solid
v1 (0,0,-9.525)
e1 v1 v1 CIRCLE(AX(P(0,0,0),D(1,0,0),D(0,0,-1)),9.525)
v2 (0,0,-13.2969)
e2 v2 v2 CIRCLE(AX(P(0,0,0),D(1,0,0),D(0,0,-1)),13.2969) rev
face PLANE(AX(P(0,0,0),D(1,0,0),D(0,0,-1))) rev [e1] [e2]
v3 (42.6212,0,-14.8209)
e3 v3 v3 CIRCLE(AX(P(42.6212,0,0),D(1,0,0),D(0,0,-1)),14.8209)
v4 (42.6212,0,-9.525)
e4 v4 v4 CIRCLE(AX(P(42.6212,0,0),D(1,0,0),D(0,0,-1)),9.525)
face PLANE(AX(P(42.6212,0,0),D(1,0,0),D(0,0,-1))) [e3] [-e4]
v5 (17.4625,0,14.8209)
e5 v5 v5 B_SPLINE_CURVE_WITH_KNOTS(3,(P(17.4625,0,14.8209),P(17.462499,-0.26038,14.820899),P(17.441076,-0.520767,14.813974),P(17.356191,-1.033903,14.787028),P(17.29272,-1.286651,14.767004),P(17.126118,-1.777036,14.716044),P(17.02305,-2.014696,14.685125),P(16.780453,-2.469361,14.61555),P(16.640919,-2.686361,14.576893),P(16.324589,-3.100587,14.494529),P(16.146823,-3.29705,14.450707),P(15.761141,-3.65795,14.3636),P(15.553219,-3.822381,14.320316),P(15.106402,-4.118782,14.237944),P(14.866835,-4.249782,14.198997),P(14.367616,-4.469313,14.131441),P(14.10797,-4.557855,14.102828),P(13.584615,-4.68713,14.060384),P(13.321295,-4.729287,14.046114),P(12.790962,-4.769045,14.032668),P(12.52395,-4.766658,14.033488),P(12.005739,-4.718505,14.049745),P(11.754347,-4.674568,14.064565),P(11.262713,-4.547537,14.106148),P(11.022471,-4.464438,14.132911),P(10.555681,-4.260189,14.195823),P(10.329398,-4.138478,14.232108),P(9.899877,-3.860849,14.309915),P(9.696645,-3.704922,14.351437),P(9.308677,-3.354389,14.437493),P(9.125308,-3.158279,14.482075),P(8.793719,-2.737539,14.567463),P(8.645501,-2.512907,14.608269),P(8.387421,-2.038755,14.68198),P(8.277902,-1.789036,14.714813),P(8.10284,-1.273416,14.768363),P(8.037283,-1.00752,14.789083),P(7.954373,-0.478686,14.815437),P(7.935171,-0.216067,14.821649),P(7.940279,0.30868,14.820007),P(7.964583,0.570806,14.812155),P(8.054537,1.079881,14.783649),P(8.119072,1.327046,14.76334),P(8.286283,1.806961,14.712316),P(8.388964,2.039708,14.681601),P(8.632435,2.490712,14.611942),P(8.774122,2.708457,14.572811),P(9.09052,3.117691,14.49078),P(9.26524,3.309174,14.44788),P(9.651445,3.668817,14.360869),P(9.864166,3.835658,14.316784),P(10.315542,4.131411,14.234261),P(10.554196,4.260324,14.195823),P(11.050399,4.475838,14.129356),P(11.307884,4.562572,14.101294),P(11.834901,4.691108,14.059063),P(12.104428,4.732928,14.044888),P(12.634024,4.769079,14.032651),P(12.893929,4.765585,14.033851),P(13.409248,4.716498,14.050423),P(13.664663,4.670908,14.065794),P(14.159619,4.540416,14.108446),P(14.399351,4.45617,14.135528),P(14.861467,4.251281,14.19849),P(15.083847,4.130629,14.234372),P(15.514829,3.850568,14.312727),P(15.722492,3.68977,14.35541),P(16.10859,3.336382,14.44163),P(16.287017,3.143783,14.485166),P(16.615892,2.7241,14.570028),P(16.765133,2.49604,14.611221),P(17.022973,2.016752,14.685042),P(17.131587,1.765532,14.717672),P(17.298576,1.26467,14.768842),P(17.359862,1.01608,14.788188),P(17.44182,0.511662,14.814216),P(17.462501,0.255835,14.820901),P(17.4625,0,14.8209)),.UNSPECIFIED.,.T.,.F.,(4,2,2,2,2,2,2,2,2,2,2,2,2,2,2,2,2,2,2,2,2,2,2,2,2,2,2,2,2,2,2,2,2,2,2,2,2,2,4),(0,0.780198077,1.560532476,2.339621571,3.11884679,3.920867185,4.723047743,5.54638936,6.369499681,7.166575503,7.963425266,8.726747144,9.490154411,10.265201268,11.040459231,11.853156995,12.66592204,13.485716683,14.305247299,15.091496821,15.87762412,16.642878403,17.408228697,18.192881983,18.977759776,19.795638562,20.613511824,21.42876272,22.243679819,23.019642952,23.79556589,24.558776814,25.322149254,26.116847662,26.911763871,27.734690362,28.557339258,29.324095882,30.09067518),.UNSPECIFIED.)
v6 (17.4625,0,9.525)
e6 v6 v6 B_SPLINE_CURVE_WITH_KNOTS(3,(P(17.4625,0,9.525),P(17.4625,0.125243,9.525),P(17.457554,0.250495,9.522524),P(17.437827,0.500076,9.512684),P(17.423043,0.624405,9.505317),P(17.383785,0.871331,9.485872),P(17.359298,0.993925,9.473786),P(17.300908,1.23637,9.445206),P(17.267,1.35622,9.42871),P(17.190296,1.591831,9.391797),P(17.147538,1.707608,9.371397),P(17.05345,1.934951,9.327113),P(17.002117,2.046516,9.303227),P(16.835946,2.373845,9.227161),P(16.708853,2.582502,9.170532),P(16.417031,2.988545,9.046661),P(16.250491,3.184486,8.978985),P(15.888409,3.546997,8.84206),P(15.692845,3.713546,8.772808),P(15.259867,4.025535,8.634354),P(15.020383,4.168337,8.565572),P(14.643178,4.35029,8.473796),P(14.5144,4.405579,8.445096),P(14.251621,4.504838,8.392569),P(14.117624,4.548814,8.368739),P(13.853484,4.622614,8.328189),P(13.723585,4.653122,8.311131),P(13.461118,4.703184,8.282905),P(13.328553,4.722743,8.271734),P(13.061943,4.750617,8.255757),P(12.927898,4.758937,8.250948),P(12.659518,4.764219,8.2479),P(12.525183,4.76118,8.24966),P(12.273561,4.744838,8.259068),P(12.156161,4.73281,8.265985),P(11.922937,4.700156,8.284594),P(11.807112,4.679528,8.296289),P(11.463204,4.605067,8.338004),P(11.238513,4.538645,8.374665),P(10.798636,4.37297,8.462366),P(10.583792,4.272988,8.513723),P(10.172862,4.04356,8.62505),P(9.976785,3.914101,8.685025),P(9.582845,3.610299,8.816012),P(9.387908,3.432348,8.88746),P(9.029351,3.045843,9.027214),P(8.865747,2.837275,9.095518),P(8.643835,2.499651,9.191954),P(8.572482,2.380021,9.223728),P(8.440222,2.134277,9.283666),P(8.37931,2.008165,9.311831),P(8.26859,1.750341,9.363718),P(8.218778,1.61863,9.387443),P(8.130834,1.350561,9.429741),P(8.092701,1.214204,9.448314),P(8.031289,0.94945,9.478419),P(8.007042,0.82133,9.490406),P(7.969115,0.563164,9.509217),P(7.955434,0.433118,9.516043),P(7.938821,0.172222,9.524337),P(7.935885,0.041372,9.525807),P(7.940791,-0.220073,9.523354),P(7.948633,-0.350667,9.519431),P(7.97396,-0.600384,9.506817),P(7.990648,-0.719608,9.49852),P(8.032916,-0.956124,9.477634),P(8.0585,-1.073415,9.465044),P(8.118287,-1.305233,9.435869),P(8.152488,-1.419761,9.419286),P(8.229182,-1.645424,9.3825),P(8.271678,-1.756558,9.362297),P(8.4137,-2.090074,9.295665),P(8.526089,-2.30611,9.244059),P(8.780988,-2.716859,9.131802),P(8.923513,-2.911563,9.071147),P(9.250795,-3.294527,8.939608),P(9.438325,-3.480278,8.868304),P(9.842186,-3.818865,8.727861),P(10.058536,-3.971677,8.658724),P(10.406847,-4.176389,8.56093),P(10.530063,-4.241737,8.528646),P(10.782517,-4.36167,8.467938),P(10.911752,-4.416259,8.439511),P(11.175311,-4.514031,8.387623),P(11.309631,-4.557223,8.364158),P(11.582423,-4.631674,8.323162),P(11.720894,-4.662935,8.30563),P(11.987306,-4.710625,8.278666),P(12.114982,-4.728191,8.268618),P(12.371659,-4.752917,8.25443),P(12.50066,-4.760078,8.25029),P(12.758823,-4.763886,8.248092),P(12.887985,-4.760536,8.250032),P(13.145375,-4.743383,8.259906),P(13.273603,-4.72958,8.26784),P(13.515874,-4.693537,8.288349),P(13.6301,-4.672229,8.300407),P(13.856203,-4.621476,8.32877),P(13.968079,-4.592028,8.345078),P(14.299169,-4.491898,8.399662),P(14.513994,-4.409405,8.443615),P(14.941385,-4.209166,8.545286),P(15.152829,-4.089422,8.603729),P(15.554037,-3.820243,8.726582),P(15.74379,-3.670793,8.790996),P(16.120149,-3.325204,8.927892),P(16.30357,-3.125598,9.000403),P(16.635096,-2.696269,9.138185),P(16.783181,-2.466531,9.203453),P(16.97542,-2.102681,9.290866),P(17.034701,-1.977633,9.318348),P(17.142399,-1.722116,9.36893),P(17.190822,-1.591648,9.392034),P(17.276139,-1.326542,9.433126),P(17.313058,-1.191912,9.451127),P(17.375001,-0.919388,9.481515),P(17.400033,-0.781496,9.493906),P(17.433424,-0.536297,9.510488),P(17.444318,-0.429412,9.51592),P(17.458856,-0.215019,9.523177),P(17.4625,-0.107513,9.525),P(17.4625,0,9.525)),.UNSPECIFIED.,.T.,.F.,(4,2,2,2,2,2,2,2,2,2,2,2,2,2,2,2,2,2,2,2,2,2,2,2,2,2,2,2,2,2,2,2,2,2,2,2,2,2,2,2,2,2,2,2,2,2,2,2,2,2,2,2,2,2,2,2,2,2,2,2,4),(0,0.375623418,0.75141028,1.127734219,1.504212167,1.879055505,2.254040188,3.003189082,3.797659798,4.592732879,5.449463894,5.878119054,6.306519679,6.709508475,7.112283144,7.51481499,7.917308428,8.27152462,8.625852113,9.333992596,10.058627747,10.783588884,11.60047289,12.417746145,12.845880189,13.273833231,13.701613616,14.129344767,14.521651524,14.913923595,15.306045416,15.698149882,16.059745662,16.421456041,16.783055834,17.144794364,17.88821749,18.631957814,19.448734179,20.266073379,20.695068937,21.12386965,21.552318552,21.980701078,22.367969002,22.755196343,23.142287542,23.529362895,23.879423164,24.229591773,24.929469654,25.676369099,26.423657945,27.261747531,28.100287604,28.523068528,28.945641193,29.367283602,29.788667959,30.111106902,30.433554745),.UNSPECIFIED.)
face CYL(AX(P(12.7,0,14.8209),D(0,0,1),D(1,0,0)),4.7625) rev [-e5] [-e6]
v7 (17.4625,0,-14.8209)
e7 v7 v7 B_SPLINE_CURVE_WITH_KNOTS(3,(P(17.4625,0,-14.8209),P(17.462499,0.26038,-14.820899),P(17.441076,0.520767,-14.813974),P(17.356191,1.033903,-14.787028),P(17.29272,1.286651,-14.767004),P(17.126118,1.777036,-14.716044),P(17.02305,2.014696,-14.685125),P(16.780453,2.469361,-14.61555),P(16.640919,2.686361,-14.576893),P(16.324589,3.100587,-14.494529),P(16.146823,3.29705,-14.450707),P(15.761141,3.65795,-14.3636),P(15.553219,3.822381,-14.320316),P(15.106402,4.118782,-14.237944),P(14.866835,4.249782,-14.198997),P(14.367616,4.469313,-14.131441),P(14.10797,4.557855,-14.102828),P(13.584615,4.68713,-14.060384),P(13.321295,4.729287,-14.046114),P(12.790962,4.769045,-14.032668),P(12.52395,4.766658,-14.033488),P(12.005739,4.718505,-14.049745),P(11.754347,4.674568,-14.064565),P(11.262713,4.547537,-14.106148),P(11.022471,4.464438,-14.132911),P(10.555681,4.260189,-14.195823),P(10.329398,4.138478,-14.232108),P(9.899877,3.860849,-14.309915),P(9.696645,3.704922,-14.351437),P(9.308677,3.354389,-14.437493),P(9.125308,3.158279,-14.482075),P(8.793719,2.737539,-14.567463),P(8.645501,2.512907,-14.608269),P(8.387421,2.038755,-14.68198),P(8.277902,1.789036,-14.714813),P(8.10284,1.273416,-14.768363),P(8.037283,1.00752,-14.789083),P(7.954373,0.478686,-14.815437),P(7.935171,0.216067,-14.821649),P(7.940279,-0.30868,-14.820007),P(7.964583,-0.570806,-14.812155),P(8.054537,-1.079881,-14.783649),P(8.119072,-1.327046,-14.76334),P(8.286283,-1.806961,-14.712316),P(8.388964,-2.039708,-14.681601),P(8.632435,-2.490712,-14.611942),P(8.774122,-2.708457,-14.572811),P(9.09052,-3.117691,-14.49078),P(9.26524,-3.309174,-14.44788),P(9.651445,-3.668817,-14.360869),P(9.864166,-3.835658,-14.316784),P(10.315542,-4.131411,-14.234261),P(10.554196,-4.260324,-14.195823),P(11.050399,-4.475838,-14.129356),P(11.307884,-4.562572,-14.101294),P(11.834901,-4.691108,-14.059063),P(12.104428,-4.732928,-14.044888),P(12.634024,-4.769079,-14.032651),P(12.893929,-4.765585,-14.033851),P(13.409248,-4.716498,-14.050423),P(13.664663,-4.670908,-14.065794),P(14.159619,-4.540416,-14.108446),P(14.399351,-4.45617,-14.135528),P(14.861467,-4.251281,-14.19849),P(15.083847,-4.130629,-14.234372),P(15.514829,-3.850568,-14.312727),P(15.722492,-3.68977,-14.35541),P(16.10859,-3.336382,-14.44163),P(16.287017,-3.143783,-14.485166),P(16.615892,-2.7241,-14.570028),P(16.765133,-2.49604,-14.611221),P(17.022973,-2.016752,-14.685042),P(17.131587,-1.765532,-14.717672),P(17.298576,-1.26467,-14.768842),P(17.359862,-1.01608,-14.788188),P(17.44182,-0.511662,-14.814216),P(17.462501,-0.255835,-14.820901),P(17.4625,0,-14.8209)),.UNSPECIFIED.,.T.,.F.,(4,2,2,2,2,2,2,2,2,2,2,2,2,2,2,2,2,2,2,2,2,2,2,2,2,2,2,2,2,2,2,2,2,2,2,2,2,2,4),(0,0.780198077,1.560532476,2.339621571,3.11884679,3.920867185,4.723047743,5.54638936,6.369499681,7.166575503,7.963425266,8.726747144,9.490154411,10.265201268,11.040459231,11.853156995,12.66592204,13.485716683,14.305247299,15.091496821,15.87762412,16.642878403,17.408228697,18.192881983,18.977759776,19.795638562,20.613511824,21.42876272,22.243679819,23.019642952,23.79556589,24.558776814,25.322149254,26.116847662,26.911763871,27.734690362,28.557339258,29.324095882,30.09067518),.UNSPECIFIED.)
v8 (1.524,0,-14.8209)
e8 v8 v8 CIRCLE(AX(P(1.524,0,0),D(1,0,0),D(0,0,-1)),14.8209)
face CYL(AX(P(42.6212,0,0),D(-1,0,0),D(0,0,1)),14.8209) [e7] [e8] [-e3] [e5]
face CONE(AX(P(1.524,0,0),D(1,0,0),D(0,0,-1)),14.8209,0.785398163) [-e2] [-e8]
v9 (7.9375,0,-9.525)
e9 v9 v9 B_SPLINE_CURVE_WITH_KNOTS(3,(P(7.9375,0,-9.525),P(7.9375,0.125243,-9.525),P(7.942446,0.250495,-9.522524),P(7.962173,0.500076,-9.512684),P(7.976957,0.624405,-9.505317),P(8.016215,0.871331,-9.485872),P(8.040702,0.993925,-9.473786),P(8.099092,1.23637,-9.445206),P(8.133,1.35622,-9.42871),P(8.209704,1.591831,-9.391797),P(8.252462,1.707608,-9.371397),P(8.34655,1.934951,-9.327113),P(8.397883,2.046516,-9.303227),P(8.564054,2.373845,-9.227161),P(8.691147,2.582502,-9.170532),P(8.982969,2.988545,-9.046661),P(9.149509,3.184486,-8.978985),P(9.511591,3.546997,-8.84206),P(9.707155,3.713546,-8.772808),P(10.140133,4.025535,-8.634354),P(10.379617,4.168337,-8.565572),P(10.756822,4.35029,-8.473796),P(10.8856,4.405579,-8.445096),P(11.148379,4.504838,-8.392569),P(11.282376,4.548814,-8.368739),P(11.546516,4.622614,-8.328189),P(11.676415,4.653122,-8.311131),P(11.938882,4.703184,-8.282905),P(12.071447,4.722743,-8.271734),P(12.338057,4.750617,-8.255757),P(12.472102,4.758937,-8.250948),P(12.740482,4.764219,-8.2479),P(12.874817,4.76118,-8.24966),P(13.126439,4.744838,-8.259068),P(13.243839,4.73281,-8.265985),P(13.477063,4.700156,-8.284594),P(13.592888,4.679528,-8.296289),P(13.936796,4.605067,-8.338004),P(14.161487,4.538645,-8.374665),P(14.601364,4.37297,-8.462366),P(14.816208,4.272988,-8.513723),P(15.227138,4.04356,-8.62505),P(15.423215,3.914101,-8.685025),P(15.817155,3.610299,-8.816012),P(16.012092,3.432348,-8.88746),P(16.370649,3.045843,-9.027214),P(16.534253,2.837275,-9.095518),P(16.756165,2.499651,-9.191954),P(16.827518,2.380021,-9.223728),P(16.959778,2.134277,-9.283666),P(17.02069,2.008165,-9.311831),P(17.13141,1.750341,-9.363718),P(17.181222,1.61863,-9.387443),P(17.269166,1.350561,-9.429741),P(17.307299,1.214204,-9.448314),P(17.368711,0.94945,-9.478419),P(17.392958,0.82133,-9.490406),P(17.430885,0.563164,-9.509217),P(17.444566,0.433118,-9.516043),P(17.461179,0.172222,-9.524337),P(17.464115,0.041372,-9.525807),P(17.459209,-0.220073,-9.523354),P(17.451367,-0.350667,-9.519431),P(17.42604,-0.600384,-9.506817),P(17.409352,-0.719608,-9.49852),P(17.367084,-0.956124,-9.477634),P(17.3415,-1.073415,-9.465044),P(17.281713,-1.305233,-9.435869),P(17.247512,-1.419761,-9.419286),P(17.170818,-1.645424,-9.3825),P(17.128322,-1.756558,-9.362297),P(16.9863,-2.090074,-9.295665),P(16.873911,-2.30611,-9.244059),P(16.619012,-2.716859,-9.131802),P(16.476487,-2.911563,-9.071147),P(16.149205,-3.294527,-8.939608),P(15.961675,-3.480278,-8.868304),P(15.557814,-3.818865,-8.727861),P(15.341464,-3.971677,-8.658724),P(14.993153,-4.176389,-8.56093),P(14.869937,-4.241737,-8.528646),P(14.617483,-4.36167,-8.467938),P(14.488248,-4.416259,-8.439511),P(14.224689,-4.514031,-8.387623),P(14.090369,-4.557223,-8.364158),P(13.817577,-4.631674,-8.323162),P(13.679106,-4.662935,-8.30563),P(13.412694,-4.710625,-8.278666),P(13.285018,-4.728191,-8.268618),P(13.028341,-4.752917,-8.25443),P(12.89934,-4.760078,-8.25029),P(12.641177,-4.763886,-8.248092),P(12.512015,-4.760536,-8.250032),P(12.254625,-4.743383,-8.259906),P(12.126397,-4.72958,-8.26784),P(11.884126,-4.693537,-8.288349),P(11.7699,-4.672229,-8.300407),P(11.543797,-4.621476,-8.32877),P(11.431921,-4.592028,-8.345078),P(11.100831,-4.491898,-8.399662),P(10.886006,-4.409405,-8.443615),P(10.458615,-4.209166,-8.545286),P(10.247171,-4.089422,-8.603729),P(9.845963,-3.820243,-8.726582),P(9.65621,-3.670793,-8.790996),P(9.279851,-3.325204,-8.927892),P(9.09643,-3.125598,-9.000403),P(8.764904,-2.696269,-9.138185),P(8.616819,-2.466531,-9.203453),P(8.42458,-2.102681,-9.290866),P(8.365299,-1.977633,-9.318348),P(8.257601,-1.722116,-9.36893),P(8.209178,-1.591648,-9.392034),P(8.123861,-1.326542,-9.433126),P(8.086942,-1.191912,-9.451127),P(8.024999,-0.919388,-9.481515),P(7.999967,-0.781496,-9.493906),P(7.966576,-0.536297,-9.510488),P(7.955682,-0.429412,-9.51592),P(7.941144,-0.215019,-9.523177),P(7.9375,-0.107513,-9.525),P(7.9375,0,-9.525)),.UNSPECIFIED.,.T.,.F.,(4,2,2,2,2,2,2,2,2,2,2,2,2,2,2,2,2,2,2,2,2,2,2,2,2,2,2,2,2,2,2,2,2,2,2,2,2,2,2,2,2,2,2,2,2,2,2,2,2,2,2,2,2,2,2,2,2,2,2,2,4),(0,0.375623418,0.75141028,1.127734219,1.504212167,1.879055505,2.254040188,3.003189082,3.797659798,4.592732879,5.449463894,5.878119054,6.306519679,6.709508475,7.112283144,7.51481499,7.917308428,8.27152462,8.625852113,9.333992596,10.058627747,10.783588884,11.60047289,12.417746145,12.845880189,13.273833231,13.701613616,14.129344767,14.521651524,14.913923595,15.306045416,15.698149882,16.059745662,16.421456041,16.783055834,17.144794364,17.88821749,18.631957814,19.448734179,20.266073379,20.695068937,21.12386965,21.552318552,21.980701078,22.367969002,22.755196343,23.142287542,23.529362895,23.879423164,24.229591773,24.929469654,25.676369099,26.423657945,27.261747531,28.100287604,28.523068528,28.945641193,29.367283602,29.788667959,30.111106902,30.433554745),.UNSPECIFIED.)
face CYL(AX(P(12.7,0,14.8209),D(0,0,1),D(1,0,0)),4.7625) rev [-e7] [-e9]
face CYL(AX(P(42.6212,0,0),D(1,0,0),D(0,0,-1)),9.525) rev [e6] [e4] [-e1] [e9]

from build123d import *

# Parameters (mm, degrees)
SKETCH1_R           = 14.8209
BOSS_EXTRUDE1_DEPTH = 42.6212
HOLE1_D             = 19.05
HOLE4_D             = 9.525
CHAMFER1_SIZE       = 1.524


with BuildPart() as part:
    # Sketch1 → Boss-Extrude1 (new body)
    with BuildSketch(Plane(origin=(0, 0, 0), x_dir=(0, 0, -1), z_dir=(1, 0, 0))):
        Circle(SKETCH1_R)
    extrude(amount=BOSS_EXTRUDE1_DEPTH)

    # Hole1 (through all)
    with Locations(Plane(origin=(42.6212, 0, 0), x_dir=(0, 0, -1), z_dir=(1, 0, 0))):
        with Locations((0, 0)):
            Hole(HOLE1_D / 2)

    # Hole4 (through all)
    with Locations(Plane(origin=(12.7, 0, 14.8209), x_dir=(1, 0, 0), z_dir=(0, 0, 1))):
        with Locations((0, 0)):
            Hole(HOLE4_D / 2)

    # Chamfer1
    chamfer1_edges = [part.edges().sort_by_distance(p)[0] for p in [
        (0, 0, 14.8209),
    ]]
    chamfer(chamfer1_edges, length=CHAMFER1_SIZE)


solid = part.part
